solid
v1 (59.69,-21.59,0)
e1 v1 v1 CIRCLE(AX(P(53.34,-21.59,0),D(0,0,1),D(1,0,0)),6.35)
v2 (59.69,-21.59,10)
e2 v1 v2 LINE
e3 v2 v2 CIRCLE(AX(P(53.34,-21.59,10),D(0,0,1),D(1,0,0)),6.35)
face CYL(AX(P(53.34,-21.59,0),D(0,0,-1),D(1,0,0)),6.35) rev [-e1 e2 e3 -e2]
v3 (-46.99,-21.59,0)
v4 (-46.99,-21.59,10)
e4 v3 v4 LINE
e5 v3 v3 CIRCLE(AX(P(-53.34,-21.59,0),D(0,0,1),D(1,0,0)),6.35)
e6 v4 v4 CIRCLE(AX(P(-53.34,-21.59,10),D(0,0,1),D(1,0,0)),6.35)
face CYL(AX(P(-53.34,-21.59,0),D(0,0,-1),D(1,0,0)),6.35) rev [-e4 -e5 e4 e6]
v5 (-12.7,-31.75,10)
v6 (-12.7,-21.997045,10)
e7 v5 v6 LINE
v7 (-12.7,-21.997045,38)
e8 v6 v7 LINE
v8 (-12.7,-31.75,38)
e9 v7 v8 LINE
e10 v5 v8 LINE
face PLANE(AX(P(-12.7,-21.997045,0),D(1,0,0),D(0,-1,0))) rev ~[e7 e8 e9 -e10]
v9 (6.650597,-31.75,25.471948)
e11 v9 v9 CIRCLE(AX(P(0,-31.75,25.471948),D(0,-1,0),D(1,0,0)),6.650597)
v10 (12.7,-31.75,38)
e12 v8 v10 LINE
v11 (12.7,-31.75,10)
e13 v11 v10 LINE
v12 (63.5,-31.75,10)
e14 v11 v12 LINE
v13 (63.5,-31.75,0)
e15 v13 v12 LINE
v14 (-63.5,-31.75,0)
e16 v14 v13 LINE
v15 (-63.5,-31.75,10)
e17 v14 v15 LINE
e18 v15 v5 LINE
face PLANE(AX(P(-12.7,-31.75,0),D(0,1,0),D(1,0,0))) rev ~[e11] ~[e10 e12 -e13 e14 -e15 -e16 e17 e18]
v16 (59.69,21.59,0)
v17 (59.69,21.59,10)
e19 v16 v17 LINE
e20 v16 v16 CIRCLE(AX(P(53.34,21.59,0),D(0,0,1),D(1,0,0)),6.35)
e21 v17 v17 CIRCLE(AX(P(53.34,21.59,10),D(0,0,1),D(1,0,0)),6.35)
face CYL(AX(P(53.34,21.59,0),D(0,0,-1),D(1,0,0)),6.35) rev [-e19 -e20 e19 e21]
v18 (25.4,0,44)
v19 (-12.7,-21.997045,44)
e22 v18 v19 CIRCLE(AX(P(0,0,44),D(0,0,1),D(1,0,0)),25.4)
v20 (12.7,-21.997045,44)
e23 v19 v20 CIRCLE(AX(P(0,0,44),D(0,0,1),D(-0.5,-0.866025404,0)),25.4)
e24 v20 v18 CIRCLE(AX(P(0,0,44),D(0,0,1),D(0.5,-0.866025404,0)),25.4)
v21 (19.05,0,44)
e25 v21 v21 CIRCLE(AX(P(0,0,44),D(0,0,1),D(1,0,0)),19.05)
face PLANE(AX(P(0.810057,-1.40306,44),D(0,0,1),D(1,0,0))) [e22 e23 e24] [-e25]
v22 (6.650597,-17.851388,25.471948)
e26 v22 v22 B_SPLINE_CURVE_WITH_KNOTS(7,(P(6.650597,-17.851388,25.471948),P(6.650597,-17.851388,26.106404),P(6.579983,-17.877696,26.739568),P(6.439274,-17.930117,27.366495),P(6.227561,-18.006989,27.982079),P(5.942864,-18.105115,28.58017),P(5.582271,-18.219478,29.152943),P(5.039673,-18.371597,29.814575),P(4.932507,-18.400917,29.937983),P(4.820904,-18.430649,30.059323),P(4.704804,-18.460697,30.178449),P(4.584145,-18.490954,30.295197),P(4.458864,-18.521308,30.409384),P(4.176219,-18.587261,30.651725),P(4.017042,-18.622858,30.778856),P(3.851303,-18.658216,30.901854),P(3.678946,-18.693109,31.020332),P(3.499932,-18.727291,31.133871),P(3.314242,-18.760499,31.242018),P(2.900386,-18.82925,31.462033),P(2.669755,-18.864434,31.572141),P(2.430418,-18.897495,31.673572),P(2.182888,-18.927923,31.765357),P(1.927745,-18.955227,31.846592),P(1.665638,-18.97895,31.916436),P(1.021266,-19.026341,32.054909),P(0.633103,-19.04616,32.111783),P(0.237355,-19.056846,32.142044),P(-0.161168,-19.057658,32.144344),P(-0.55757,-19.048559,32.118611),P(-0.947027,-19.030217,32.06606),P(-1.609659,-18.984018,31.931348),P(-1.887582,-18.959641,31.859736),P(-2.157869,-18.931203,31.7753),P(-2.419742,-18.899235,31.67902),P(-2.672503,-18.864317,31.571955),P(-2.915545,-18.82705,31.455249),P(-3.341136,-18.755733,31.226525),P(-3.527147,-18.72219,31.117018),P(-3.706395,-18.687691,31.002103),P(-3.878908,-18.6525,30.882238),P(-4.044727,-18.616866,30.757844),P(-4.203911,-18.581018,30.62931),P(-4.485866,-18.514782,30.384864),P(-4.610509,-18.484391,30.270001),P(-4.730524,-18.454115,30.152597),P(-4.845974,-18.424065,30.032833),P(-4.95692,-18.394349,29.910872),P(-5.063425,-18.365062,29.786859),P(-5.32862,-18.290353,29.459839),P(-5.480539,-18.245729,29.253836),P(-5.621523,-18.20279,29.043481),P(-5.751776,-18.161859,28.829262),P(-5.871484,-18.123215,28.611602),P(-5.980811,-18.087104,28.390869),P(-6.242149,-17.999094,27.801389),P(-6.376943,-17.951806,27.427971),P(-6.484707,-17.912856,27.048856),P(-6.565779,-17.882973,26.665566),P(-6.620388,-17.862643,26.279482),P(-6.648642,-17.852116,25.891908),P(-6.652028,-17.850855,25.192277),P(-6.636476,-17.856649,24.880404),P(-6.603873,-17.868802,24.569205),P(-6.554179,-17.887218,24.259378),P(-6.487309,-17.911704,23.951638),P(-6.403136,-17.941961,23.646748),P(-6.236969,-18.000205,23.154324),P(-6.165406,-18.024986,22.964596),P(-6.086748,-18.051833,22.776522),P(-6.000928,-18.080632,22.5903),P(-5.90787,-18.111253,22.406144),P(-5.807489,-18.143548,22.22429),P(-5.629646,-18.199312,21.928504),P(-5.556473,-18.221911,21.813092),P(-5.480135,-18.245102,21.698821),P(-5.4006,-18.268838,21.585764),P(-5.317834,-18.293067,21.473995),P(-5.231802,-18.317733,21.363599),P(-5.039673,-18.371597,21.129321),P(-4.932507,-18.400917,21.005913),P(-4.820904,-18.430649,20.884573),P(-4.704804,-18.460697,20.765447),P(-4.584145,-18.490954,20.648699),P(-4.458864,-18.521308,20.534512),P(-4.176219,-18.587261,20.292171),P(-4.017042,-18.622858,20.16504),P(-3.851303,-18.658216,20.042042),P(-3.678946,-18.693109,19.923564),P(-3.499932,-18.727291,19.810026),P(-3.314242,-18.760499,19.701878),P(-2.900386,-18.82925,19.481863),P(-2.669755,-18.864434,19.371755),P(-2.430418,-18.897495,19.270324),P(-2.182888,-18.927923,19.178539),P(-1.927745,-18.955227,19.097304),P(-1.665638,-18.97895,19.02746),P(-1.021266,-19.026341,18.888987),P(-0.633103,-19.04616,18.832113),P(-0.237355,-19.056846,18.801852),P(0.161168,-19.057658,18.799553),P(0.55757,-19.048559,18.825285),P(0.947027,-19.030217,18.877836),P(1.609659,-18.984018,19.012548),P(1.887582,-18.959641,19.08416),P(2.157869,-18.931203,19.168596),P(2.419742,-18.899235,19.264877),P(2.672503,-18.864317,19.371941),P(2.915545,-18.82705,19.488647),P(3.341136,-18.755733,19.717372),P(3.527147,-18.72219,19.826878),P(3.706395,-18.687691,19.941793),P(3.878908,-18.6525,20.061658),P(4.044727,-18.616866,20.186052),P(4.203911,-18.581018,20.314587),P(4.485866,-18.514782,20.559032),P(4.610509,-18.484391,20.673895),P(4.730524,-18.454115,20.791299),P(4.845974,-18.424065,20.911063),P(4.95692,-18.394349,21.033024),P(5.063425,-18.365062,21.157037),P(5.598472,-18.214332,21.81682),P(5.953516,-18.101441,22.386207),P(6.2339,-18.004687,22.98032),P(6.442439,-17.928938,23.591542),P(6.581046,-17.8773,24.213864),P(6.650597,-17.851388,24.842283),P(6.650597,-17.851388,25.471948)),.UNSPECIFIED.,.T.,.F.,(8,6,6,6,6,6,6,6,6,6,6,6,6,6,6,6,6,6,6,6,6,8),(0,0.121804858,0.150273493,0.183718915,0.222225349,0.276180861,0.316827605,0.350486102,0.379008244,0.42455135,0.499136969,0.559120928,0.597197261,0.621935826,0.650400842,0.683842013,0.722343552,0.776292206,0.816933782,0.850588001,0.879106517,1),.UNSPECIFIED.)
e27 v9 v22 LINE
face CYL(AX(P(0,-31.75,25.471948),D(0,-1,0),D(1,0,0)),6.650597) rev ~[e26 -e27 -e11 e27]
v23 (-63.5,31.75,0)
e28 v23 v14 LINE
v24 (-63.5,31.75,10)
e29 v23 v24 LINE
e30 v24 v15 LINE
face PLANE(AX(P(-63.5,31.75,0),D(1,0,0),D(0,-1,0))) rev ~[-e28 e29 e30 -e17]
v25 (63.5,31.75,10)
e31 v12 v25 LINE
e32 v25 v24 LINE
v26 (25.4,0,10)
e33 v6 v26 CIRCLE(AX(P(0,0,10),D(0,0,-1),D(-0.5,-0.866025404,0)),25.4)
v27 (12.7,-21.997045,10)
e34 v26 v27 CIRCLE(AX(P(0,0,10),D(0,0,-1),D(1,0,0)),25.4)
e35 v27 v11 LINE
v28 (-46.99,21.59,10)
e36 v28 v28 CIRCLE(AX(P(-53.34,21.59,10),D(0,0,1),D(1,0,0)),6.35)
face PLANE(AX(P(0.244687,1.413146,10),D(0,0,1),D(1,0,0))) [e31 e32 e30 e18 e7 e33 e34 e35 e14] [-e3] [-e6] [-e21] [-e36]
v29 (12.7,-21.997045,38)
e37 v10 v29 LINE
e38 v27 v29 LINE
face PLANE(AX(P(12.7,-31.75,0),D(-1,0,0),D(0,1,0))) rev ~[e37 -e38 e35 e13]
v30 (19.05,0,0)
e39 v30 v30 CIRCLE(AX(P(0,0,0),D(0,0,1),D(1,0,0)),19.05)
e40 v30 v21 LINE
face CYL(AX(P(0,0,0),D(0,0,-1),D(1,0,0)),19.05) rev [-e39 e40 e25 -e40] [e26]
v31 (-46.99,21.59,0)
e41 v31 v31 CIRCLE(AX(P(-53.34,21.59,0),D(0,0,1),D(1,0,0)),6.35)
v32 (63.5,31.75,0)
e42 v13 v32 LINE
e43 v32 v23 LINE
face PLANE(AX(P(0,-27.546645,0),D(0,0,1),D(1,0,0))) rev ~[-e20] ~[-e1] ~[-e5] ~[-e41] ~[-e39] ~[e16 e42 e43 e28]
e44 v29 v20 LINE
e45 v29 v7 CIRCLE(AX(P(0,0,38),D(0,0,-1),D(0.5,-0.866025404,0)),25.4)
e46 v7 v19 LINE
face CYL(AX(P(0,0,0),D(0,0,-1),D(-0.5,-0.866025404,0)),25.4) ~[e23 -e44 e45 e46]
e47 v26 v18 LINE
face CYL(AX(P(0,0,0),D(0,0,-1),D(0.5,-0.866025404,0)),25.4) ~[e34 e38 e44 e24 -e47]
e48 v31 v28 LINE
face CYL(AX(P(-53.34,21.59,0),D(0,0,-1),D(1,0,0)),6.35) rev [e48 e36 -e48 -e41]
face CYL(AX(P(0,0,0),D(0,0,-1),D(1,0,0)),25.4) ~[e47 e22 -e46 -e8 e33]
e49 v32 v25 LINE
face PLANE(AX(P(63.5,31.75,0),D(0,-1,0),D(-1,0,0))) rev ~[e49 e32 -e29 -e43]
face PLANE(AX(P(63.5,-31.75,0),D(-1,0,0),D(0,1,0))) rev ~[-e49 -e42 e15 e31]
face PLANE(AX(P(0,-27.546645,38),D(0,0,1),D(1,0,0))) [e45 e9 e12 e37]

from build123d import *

# Parameters (mm, degrees)
F0_R     = 6.35
F1_DEPTH = 10
F0_R_2   = 19.05
F2_DEPTH = 44
F3_DEPTH = 38
F4_R     = 6.6505969319
F5_DEPTH = 14.8986119061


with BuildPart() as f1:
    # F0 (on Top) → F1 (new body)
    with BuildSketch(Plane.XY):
        with BuildLine():
            Line((63.5, 31.75), (-63.5, 31.75))
            Line((-63.5, 31.75), (-63.5, -31.75))
            Line((-63.5, -31.75), (-12.7, -31.75))
            Line((-12.7, -31.75), (-12.7, -21.9970452561))
            ThreePointArc((-12.7, -21.9970452561), (-12.7, 21.9970452561), (25.4, 0))
            ThreePointArc((25.4, 0), (21.9970452561, -12.7), (12.7, -21.9970452561))
            Line((12.7, -21.9970452561), (12.7, -31.75))
            Line((12.7, -31.75), (63.5, -31.75))
            Line((63.5, -31.75), (63.5, 31.75))
        make_face()
        with Locations((-53.34, -21.59)):
            Circle(F0_R, mode=Mode.SUBTRACT)
        with Locations((53.34, -21.59)):
            Circle(F0_R, mode=Mode.SUBTRACT)
        with Locations((-53.34, 21.59)):
            Circle(F0_R, mode=Mode.SUBTRACT)
        with Locations((53.34, 21.59)):
            Circle(F0_R, mode=Mode.SUBTRACT)
    extrude(amount=F1_DEPTH)

    # F0 (on Top) → F2 (join)
    with BuildSketch(Plane.XY):
        with BuildLine():
            ThreePointArc((25.4, 0), (-12.7, 21.9970452561), (-12.7, -21.9970452561))
            ThreePointArc((-12.7, -21.9970452561), (0, -25.4), (12.7, -21.9970452561))
            ThreePointArc((12.7, -21.9970452561), (21.9970452561, -12.7), (25.4, 0))
        make_face()
        Circle(F0_R_2, mode=Mode.SUBTRACT)
    extrude(amount=F2_DEPTH)

    # F0 (on Top) → F3 (join)
    with BuildSketch(Plane.XY):
        with BuildLine():
            Line((-12.7, -21.9970452561), (-12.7, -31.75))
            Line((-12.7, -31.75), (12.7, -31.75))
            Line((12.7, -31.75), (12.7, -21.9970452561))
            ThreePointArc((12.7, -21.9970452561), (0, -25.4), (-12.7, -21.9970452561))
        make_face()
    extrude(amount=F3_DEPTH)

    # F4 (on face) → F5 (cut, up to face)
    with BuildSketch(Plane.XZ.offset(31.75)):
        with Locations((0, 25.4719480872)):
            Circle(F4_R)
    extrude(amount=-F5_DEPTH, mode=Mode.SUBTRACT)


solid = f1.part
